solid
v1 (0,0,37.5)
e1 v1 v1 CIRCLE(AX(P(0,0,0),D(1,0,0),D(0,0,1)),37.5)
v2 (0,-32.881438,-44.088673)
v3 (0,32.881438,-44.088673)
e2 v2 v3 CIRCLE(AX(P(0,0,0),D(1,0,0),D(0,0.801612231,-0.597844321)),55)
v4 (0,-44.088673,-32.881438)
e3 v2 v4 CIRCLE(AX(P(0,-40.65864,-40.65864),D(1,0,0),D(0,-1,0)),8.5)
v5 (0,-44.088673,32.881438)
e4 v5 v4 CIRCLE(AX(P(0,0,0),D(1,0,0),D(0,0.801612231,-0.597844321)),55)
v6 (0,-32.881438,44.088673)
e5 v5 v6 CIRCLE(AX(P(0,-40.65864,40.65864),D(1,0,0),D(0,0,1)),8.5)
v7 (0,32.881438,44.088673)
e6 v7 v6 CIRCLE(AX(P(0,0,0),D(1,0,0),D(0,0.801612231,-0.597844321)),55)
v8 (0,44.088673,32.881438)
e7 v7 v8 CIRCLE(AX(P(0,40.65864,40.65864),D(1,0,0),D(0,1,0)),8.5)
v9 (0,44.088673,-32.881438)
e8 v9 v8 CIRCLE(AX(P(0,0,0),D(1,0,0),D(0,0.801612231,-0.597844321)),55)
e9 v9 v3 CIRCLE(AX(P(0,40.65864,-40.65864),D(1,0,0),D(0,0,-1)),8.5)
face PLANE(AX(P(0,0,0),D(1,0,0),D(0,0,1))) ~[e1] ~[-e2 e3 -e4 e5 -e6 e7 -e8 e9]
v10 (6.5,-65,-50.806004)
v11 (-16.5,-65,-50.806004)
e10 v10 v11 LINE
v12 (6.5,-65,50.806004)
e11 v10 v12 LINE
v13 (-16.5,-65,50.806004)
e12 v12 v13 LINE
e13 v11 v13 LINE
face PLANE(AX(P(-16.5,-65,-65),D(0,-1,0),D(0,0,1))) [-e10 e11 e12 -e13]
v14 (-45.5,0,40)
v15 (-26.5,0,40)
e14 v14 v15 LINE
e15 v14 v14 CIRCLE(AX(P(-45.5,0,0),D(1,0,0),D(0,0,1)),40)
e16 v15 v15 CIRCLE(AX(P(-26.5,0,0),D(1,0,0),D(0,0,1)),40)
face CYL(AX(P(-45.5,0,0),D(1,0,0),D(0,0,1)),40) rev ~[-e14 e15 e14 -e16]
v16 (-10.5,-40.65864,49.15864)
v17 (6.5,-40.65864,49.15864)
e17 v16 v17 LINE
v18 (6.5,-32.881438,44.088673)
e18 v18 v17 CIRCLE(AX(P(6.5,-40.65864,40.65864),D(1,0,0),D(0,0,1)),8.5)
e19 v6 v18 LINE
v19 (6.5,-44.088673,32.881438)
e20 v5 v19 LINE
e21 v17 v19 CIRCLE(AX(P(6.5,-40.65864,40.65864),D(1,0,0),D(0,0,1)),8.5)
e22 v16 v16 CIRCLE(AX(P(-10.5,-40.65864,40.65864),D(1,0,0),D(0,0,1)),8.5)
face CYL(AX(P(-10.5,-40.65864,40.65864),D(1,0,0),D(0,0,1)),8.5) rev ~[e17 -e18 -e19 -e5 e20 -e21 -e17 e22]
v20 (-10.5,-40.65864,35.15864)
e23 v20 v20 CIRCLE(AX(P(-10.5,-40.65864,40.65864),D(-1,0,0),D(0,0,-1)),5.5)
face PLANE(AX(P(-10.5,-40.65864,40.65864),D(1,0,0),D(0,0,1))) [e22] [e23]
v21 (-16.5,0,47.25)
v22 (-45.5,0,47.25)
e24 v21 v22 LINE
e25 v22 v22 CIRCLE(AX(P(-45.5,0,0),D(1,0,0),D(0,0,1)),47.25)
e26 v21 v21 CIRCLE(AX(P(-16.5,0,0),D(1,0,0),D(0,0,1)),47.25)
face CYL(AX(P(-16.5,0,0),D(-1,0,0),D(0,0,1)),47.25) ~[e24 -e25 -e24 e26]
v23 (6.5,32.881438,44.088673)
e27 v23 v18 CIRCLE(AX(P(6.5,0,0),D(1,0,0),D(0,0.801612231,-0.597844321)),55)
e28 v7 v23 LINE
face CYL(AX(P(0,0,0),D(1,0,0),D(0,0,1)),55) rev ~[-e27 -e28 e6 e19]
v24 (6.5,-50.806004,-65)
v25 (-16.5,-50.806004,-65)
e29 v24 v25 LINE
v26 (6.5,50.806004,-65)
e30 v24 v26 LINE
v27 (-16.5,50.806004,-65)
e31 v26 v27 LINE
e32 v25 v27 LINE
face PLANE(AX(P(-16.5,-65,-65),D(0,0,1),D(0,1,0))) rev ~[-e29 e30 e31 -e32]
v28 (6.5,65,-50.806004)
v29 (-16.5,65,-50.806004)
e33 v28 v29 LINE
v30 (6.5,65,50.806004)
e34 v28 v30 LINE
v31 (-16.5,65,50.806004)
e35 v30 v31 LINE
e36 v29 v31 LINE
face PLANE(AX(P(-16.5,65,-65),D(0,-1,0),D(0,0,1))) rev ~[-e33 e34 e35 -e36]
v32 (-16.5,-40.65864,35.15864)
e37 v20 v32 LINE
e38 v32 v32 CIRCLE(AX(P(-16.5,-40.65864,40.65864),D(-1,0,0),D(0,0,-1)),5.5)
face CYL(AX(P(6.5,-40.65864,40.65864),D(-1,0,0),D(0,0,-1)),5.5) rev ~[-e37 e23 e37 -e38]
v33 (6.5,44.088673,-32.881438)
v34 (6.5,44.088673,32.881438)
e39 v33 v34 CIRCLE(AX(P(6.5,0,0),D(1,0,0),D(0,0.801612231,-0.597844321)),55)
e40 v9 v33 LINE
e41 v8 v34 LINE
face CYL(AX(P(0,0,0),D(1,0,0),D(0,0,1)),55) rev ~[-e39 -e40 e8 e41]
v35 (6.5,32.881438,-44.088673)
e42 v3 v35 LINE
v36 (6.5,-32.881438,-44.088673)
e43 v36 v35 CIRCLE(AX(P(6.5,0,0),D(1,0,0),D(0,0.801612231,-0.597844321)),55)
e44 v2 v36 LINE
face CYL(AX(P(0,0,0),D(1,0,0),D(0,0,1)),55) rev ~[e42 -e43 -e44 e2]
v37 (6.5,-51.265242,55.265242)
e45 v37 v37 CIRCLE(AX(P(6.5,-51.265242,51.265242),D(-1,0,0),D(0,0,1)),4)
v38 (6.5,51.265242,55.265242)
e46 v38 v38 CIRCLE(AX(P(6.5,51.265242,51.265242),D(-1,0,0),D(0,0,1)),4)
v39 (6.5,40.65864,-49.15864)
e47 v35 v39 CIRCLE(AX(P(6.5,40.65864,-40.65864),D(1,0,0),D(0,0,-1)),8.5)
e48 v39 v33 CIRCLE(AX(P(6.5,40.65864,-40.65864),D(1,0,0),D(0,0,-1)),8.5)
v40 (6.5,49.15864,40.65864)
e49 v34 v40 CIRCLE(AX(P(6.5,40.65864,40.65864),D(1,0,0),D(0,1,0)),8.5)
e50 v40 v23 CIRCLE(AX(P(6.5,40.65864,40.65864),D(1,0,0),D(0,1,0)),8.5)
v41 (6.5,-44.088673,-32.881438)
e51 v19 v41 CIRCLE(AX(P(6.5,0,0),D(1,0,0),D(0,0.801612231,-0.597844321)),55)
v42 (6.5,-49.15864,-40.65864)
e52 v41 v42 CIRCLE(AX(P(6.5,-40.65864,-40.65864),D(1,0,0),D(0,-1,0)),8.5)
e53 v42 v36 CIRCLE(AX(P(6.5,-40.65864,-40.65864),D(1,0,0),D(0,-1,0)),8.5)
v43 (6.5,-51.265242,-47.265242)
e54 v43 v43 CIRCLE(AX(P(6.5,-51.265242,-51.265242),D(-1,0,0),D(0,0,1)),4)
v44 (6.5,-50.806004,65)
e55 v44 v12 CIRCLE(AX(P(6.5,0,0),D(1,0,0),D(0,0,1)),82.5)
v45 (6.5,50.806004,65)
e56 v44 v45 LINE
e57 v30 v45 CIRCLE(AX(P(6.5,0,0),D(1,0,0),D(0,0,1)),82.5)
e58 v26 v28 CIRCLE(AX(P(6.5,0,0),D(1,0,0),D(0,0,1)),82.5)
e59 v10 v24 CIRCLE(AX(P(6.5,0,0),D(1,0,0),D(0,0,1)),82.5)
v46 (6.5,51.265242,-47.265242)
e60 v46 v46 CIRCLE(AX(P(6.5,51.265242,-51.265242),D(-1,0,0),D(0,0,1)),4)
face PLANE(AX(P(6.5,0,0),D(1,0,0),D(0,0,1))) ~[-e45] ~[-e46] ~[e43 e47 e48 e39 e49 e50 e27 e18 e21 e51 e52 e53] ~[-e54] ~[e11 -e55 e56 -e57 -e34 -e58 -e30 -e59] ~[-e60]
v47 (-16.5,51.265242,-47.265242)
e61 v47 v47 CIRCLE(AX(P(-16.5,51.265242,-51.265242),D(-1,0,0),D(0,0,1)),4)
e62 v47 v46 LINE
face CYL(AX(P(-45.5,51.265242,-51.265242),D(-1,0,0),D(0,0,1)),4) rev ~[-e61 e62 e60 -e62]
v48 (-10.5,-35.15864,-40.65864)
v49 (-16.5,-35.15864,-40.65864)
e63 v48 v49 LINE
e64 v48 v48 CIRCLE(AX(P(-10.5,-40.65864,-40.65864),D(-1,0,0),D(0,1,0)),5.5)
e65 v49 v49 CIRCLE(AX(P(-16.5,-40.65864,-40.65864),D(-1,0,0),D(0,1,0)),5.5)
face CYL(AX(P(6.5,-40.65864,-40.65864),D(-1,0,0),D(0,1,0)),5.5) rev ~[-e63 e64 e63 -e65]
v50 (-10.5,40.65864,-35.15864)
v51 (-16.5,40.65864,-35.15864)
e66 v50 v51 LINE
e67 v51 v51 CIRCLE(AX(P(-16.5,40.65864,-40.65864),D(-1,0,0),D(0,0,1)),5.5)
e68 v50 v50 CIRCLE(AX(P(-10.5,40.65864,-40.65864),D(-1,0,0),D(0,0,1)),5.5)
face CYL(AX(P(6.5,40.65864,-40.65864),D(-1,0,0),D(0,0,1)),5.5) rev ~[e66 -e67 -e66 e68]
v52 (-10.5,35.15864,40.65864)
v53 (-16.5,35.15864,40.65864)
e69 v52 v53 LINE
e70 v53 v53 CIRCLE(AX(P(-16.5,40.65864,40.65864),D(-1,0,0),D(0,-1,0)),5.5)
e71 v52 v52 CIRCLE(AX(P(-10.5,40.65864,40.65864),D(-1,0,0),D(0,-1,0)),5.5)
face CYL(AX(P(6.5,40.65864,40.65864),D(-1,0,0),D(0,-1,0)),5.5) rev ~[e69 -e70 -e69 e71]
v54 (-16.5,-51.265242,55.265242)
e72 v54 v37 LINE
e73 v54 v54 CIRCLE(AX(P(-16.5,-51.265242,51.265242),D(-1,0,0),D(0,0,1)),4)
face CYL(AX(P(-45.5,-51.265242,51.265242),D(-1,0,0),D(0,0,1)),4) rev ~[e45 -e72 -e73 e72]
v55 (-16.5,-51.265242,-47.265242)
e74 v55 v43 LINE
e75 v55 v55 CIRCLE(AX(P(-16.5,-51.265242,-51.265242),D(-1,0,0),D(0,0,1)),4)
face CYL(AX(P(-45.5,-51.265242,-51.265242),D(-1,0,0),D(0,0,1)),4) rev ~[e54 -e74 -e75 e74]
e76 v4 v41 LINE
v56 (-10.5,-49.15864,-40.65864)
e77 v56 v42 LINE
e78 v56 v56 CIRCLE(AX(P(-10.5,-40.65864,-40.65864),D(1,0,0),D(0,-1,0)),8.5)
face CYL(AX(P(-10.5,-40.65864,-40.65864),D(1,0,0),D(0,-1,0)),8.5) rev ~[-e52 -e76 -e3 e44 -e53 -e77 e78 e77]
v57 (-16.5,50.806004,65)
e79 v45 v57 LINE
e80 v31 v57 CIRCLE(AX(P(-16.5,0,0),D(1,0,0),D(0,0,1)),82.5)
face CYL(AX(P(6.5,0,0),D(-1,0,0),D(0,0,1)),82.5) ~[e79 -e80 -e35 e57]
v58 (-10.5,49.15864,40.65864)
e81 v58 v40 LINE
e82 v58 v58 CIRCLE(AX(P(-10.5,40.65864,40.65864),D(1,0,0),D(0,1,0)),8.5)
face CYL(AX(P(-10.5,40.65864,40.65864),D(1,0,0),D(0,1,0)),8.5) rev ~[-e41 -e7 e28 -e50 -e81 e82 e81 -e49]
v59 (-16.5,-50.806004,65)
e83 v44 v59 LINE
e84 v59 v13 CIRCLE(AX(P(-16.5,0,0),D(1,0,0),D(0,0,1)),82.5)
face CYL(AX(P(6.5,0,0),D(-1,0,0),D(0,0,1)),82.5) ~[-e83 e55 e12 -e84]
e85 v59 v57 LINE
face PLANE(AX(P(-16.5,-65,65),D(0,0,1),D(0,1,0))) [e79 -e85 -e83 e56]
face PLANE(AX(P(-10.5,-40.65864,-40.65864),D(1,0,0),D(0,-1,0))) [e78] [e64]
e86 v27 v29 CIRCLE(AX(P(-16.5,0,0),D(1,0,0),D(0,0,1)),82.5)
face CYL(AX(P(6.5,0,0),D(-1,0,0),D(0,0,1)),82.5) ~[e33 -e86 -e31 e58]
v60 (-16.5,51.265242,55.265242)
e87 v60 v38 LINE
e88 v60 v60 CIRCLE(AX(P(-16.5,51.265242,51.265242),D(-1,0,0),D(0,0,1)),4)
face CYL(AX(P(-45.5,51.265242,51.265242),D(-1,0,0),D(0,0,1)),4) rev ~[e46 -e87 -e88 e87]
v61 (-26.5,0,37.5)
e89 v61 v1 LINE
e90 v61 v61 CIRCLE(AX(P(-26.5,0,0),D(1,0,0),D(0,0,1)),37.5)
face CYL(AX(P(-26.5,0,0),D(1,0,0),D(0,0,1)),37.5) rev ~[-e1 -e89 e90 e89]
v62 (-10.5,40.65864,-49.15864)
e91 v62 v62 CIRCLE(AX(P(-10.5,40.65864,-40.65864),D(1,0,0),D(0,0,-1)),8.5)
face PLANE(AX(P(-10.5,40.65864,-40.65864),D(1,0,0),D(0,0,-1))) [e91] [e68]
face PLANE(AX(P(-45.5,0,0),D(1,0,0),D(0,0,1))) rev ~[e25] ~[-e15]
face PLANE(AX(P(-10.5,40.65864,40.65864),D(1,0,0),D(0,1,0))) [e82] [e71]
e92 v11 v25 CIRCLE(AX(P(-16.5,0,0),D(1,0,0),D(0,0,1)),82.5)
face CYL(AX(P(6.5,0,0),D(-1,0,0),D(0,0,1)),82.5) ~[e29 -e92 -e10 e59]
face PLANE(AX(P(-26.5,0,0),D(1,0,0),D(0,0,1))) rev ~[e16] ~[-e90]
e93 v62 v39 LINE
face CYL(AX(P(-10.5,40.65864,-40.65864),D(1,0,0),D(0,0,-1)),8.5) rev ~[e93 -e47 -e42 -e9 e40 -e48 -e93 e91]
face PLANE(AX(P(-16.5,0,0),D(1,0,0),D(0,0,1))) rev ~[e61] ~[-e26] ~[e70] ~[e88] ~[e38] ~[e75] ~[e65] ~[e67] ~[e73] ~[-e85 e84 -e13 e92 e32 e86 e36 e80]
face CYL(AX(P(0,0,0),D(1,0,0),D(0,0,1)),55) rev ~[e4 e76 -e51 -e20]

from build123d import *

# Parameters (mm, degrees)
SKETCH_3_OUTSIDE_W           = 214.814
SKETCH_3_OUTSIDE_H           = 214.814
SKETCH_3_OUTSIDE_W_2         = 130
SKETCH_3_OUTSIDE_H_2         = 130
CUT_EXTRUDE_1_DEPTH          = 121.222710001
SKETCH_4_R                   = 4
CUT_EXTRUDE_2_DEPTH          = 106.61249926
HOLE_WIZARD_M6_1_D           = 11
HOLE_WIZARD_M6_1_CBORE_D     = 17
HOLE_WIZARD_M6_1_CBORE_DEPTH = 17
PATTERN_CIRCULAR_1_COUNT     = 4


with BuildPart() as part:
    # 草图2 → 旋转1 (revolve)
    with BuildSketch(Plane.XY, mode=Mode.PRIVATE) as revolve_1_sk:
        Polygon((0, 37.5), (0, 55), (6.5, 55), (6.5, 82.5), (-16.5, 82.5), (-16.5, 47.25), (-45.5, 47.25), (-45.5, 40), (-26.5, 40), (-26.5, 37.5), align=None)
    revolve(revolve_1_sk.sketch.rotate(Axis((0, 0, 0), (1, 0, 0)), 90), axis=Axis((0, 0, 0), (1, 0, 0)))

    # 草图3 outside → 切除-拉伸1 (cut, through all)
    with BuildSketch(Plane.ZY.offset(16.5)):
        Rectangle(SKETCH_3_OUTSIDE_W, SKETCH_3_OUTSIDE_H)
        Rectangle(SKETCH_3_OUTSIDE_W_2, SKETCH_3_OUTSIDE_H_2, mode=Mode.SUBTRACT)
    extrude(amount=-CUT_EXTRUDE_1_DEPTH, mode=Mode.SUBTRACT)

    # 草图4 → 切除-拉伸2 (cut, through all)
    with BuildSketch(Plane.ZY.offset(45.5)):
        with Locations((-51.265241636, 51.265241636)):
            Circle(SKETCH_4_R)
        with Locations((51.265241636, 51.265241636)):
            Circle(SKETCH_4_R)
        with Locations((51.265241636, -51.265241636)):
            Circle(SKETCH_4_R)
        with Locations((-51.265241636, -51.265241636)):
            Circle(SKETCH_4_R)
    extrude(amount=-CUT_EXTRUDE_2_DEPTH, mode=Mode.SUBTRACT)

    # M6 六角头螺栓的柱形沉头孔1 (through all)
    with Locations(Plane(origin=(6.5, 0, 0), x_dir=(0, 0, -1), z_dir=(1, 0, 0))):
        with Locations((40.658639918, 40.658639918)):
            hole_wizard_m6_1 = CounterBoreHole(HOLE_WIZARD_M6_1_D / 2, HOLE_WIZARD_M6_1_CBORE_D / 2, HOLE_WIZARD_M6_1_CBORE_DEPTH)

    # 阵列(圆周)1: M6 六角头螺栓的柱形沉头孔1 ×4 about axis
    pattern_circular_1_axis = Axis((0, 0, 0), (1, 0, 0))
    for i in range(1, PATTERN_CIRCULAR_1_COUNT):
        add(hole_wizard_m6_1.rotate(pattern_circular_1_axis, i * 360 / PATTERN_CIRCULAR_1_COUNT), mode=Mode.SUBTRACT)


solid = part.part
